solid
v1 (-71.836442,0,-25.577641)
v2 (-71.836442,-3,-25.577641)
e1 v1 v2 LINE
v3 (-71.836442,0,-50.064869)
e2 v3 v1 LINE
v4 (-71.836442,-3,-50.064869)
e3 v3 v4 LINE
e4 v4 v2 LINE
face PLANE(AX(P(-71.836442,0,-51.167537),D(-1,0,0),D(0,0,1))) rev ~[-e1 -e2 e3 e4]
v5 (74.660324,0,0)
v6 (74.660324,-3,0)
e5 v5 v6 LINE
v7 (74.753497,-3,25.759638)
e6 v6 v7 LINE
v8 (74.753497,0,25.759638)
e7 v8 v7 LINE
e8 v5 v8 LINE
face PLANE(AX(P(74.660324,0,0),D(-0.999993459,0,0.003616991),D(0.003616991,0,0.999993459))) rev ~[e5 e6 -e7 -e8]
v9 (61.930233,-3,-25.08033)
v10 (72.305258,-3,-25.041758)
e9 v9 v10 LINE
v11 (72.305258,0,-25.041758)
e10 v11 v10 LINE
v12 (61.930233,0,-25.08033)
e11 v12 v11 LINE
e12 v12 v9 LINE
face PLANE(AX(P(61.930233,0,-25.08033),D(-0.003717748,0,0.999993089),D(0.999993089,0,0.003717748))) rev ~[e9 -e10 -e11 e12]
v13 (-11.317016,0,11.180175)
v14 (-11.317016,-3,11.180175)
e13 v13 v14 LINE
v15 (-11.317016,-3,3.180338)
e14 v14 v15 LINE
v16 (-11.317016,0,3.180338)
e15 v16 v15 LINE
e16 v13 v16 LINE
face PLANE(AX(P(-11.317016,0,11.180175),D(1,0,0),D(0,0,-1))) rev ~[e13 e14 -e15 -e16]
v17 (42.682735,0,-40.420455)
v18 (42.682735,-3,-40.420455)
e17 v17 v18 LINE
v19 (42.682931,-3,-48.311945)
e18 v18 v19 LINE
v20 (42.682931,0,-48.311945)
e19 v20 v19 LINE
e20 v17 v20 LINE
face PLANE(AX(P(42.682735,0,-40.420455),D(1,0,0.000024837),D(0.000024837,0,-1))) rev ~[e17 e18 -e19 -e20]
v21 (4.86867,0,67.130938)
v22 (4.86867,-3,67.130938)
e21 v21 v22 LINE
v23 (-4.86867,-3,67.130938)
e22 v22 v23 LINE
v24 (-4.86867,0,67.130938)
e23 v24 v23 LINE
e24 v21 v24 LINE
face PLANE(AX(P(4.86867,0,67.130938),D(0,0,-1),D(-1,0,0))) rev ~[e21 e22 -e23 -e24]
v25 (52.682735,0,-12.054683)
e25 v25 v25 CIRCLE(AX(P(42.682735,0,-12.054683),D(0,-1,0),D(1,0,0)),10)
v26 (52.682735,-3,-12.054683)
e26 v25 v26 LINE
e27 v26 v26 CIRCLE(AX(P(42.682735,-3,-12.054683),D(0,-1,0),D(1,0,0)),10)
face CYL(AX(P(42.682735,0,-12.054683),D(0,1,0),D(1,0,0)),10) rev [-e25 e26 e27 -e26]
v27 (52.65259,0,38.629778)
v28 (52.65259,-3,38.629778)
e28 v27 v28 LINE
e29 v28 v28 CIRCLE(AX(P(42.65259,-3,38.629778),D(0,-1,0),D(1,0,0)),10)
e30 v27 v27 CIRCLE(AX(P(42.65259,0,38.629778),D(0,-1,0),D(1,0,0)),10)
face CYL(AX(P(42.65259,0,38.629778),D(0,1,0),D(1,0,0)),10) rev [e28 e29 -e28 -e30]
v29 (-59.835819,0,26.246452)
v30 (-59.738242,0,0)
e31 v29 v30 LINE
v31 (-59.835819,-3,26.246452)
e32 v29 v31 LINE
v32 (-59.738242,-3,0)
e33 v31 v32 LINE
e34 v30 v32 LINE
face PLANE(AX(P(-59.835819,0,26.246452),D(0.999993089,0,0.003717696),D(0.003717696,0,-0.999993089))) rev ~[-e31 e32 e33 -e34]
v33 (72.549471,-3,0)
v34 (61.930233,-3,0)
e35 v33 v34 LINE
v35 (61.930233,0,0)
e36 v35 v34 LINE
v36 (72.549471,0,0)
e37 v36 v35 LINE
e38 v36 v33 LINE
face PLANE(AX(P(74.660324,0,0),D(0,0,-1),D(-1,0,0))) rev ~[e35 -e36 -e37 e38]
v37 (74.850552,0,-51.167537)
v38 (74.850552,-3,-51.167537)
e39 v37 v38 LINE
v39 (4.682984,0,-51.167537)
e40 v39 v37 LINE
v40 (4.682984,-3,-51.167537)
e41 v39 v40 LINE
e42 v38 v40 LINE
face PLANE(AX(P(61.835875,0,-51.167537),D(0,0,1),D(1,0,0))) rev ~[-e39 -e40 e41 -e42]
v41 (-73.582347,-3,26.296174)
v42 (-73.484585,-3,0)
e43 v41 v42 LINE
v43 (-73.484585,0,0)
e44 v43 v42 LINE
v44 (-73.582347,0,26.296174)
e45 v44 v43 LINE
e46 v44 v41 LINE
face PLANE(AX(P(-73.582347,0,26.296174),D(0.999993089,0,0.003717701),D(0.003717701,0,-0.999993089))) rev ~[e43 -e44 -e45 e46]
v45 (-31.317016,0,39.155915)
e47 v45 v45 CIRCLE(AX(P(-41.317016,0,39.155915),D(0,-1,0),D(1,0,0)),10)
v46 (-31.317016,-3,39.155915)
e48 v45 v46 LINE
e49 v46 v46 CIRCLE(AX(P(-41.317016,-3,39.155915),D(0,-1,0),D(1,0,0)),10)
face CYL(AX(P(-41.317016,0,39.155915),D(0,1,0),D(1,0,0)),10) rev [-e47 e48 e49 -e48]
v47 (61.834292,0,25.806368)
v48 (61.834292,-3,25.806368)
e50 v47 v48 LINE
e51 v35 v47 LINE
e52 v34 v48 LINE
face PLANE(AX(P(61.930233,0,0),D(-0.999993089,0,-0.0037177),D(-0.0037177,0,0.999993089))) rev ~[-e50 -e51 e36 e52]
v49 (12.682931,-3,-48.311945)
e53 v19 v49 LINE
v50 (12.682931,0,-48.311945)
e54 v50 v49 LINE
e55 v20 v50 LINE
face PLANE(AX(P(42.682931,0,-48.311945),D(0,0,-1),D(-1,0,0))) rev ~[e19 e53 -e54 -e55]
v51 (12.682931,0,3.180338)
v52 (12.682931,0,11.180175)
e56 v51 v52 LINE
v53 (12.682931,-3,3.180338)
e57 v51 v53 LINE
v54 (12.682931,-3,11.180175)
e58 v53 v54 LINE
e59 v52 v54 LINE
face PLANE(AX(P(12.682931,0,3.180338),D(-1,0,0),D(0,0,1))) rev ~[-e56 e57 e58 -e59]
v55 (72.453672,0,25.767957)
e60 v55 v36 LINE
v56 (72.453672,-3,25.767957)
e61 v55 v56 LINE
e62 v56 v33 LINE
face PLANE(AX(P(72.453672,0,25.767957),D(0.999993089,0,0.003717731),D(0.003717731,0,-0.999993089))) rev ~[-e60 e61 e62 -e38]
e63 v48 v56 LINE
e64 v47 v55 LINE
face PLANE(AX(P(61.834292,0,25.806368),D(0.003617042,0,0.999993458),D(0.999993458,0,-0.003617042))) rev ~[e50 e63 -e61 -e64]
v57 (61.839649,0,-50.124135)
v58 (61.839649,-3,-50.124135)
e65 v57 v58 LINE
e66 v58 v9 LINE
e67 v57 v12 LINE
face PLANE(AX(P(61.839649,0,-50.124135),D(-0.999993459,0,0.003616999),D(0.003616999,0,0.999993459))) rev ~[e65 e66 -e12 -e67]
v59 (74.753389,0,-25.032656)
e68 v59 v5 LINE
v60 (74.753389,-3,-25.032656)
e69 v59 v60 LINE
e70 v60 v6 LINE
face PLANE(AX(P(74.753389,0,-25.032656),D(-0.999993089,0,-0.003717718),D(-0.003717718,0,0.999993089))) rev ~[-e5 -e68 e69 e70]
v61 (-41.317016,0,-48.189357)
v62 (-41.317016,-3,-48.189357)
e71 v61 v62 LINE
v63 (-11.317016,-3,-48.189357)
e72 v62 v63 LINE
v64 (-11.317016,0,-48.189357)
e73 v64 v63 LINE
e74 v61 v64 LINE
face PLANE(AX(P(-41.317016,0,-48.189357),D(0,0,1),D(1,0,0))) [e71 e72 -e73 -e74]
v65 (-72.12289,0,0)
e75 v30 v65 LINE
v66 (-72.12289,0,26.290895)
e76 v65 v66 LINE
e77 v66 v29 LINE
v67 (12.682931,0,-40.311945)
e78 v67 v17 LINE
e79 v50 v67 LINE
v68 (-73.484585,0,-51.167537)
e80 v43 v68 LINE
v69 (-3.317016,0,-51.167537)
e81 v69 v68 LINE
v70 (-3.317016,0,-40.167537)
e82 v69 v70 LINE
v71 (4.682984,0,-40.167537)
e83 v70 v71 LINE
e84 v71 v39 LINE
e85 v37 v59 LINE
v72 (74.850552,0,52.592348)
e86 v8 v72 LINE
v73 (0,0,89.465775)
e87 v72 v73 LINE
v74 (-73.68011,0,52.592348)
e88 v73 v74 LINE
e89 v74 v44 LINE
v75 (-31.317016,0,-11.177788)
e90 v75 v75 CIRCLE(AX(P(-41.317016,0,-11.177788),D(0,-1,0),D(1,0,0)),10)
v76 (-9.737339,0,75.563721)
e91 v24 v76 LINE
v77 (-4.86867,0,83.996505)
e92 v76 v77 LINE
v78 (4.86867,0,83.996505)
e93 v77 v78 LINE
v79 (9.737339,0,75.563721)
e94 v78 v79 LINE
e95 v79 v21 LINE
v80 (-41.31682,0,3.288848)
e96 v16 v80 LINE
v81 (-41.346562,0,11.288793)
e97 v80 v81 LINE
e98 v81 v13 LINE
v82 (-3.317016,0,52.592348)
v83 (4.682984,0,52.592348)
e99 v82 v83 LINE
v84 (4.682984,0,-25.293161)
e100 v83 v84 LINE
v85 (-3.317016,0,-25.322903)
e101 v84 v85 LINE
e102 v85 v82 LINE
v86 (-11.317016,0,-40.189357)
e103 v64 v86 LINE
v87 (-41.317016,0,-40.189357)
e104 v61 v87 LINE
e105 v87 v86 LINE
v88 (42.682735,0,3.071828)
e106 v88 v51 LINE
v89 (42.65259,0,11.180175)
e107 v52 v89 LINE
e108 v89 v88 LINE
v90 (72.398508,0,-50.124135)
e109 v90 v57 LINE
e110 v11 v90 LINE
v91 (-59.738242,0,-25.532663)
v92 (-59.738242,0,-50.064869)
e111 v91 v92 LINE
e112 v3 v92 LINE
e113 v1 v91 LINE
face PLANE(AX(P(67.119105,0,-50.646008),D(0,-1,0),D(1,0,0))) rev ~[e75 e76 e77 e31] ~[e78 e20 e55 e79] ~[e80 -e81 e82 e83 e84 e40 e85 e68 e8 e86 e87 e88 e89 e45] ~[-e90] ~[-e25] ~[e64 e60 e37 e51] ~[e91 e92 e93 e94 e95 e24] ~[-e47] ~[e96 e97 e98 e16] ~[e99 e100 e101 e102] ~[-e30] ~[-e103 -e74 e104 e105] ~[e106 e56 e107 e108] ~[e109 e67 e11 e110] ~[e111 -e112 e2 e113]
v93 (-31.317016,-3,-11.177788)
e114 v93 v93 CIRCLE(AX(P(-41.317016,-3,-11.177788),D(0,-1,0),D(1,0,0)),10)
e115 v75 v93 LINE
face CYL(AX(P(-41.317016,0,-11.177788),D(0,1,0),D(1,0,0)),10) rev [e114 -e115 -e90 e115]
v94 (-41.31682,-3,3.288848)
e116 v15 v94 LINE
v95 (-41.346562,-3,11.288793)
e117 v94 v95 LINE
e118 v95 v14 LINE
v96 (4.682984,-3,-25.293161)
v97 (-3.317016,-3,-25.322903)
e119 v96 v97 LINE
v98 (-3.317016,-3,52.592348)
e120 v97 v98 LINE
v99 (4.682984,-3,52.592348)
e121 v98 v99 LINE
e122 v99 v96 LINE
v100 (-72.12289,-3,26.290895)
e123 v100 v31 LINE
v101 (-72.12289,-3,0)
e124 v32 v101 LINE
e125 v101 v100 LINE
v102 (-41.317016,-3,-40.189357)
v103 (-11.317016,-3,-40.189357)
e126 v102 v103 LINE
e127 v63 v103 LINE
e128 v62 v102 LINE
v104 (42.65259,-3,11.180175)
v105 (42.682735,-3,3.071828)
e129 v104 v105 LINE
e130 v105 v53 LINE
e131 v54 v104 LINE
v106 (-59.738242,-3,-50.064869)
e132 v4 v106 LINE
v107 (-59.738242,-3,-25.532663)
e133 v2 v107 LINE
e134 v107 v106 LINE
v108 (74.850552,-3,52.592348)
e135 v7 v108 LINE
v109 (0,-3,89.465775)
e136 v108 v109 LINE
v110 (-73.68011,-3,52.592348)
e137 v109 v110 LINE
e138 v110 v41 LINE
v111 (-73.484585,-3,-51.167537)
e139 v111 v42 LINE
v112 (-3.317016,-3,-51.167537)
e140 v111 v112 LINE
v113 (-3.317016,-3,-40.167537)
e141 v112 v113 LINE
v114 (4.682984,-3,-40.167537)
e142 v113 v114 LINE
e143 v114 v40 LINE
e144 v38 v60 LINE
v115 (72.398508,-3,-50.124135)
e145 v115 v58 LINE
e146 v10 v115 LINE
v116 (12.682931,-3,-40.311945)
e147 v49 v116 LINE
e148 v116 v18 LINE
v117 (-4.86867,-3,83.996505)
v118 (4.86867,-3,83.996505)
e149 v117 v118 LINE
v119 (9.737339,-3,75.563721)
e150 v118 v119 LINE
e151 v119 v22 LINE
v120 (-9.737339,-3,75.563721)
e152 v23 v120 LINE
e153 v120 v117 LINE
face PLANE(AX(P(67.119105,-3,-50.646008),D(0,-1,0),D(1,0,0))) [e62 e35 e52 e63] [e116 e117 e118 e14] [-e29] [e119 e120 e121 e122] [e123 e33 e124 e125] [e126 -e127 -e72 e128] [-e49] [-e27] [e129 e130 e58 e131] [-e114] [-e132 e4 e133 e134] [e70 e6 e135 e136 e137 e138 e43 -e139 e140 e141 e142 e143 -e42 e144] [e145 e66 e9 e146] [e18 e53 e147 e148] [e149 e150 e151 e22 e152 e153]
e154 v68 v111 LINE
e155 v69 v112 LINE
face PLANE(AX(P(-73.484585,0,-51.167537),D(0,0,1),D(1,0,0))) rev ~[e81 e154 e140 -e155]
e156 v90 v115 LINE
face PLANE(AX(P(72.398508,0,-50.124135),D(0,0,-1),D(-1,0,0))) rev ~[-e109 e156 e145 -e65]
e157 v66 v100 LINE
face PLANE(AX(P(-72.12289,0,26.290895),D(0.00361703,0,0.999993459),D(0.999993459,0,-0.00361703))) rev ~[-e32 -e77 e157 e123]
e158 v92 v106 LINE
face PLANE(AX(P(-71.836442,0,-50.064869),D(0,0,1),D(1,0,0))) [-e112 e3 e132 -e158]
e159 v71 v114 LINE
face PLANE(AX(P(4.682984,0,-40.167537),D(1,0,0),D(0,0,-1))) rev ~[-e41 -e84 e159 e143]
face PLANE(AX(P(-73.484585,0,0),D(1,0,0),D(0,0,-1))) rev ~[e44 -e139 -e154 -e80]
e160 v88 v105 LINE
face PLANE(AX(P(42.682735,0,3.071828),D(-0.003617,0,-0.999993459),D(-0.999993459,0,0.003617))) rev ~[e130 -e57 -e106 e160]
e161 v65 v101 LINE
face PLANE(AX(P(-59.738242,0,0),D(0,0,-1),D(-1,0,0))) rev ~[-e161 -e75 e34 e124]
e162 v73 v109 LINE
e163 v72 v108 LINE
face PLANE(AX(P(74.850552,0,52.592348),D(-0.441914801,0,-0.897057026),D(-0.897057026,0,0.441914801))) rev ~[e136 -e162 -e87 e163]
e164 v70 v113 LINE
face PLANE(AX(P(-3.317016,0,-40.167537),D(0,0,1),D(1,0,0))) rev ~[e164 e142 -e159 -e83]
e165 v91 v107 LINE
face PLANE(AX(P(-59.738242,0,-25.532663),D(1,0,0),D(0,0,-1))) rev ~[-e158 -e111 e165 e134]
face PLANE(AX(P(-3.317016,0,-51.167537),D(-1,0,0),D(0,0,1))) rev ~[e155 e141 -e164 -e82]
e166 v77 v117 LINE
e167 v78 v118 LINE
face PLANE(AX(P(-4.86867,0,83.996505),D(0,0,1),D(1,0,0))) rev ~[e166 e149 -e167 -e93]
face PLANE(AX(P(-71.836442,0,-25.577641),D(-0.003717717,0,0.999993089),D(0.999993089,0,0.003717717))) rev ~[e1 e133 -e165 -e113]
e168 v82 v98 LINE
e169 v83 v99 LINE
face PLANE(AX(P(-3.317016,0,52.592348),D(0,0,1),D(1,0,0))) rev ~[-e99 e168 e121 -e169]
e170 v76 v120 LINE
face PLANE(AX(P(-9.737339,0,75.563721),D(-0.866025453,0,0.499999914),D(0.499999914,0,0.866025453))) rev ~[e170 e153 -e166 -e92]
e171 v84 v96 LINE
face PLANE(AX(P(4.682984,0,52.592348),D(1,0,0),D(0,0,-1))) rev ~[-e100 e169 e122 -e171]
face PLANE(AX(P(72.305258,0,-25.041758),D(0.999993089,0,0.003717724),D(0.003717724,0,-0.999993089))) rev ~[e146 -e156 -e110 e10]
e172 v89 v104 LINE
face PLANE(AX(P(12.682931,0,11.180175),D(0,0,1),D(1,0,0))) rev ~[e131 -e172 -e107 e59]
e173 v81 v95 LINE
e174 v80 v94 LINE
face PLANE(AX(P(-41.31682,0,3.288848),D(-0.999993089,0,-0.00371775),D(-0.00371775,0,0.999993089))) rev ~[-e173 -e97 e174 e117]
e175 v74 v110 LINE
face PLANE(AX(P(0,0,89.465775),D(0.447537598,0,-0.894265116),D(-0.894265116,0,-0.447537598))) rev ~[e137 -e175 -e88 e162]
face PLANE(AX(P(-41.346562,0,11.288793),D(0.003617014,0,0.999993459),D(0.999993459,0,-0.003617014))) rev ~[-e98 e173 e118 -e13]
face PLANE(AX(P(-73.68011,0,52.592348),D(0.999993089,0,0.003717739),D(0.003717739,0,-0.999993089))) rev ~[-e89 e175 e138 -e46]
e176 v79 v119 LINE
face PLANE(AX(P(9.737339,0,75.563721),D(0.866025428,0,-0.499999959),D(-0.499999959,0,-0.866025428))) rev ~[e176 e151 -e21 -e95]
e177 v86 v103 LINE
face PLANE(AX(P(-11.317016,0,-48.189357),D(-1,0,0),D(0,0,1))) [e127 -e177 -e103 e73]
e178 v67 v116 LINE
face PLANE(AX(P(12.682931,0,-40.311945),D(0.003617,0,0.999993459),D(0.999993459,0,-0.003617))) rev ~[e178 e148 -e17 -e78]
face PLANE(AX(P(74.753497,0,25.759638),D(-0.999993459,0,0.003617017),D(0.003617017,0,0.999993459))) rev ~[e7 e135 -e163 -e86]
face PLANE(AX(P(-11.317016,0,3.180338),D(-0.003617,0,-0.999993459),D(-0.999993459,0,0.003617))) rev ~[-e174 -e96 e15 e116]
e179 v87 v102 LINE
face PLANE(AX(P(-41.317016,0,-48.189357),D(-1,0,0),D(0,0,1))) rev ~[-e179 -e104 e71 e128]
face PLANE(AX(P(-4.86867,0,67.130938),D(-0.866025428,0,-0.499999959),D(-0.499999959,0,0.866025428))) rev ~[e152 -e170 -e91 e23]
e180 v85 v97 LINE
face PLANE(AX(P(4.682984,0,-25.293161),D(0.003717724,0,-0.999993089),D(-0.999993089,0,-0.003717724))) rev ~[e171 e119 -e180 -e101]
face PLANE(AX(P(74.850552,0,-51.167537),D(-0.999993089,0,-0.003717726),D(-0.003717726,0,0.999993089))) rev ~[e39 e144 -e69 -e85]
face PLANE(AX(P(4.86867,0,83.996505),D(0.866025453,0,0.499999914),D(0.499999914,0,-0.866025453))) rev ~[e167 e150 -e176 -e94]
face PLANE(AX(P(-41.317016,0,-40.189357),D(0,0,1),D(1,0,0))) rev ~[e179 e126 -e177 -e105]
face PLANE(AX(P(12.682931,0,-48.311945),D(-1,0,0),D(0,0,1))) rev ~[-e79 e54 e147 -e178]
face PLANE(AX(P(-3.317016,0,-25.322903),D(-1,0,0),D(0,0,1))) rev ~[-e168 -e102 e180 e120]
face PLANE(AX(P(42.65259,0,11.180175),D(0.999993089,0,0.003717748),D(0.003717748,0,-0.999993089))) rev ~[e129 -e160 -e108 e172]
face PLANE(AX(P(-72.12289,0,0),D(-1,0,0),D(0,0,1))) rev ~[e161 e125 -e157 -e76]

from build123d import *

# Parameters (mm, degrees)
F0_R     = 10
F0_W     = 30
F0_H     = 8
F1_DEPTH = 3
F2_DEPTH = 3
F0_W_2   = 12.0982
F0_H_2   = 1.102668
F3_DEPTH = 3


with BuildPart() as f1:
    # F0 (on Front) → F1 (new body)
    with BuildSketch(Plane.XZ):
        Polygon((0, 89.465775), (-73.68011, 52.592348), (-3.317016, 52.592348), (4.682984, 52.592348), (74.850552, 52.592348), align=None)
        Polygon((9.737339, 75.563721), (4.86867, 67.130938), (-4.86867, 67.130938), (-9.737339, 75.563721), (-4.86867, 83.996505), (4.86867, 83.996505), align=None, mode=Mode.SUBTRACT)
        Polygon((-73.68011, 52.592348), (-73.582347, 26.296174), (-72.12289, 26.290895), (-59.835819, 26.246452), (-3.317016, 26.042022), (-3.317016, 52.592348), align=None)
        with Locations((-41.317016, 39.155915)):
            Circle(F0_R, mode=Mode.SUBTRACT)
        Polygon((74.850552, 52.592348), (4.682984, 52.592348), (4.682984, 26.013086), (61.834292, 25.806368), (72.453672, 25.767957), (74.753497, 25.759638), align=None)
        with Locations((42.65259, 38.629778)):
            Circle(F0_R, mode=Mode.SUBTRACT)
        Polygon((4.682984, 26.013086), (4.682984, 0), (61.930233, 0), (61.834292, 25.806368), align=None)
        Polygon((42.682735, 3.071828), (12.682931, 3.180338), (12.682931, 11.180175), (42.65259, 11.180175), align=None, mode=Mode.SUBTRACT)
        Polygon((-59.835819, 26.246452), (-59.738242, 0), (-3.317016, 0), (-3.317016, 26.042022), align=None)
        Polygon((-11.317016, 11.180175), (-11.317016, 3.180338), (-41.31682, 3.288848), (-41.346562, 11.288793), align=None, mode=Mode.SUBTRACT)
        Polygon((-73.484585, 0), (-73.484585, -25.583768), (-71.836442, -25.577641), (-59.738242, -25.532663), (-3.317016, -25.322903), (-3.317016, 0), (-59.738242, 0), (-72.12289, 0), align=None)
        with Locations((-41.317016, -11.177788)):
            Circle(F0_R, mode=Mode.SUBTRACT)
        Polygon((4.682984, 0), (4.682984, -25.293161), (61.930233, -25.08033), (72.305258, -25.041758), (74.753389, -25.032656), (74.660324, 0), (72.549471, 0), (61.930233, 0), align=None)
        with Locations((42.682735, -12.054683)):
            Circle(F0_R, mode=Mode.SUBTRACT)
        Polygon((-59.738242, -50.064869), (-59.738242, -51.167537), (-3.317016, -51.167537), (-3.317016, -40.167537), (4.682984, -40.167537), (4.682984, -51.167537), (61.835875, -51.167537), (61.839649, -50.124135), (61.930233, -25.08033), (4.682984, -25.293161), (-3.317016, -25.322903), (-59.738242, -25.532663), align=None)
        with Locations((-26.317016, -44.189357)):
            Rectangle(F0_W, F0_H, mode=Mode.SUBTRACT)
        Polygon((12.682931, -48.311945), (12.682931, -40.311945), (42.682735, -40.420455), (42.682931, -48.311945), align=None, mode=Mode.SUBTRACT)
    extrude(amount=F1_DEPTH)

    # F0 (on Front) → F2 (join)
    with BuildSketch(Plane.XZ):
        Polygon((-73.582347, 26.296174), (-73.484585, 0), (-72.12289, 0), (-72.12289, 26.290895), align=None)
        Polygon((-73.484585, -25.583768), (-73.484585, -51.167537), (-71.836442, -51.167537), (-71.836442, -50.064869), (-71.836442, -25.577641), align=None)
        Polygon((74.660324, 0), (74.753497, 25.759638), (72.453672, 25.767957), (72.549471, 0), align=None)
        Polygon((72.398508, -50.124135), (72.402387, -51.167537), (74.850552, -51.167537), (74.753389, -25.032656), (72.305258, -25.041758), align=None)
    extrude(amount=F2_DEPTH)

    # F0 (on Front) → F3 (join)
    with BuildSketch(Plane.XZ):
        Polygon((61.839649, -50.124135), (61.835875, -51.167537), (72.402387, -51.167537), (72.398508, -50.124135), align=None)
        with Locations((-65.787342, -50.616203)):
            Rectangle(F0_W_2, F0_H_2)
    extrude(amount=F3_DEPTH)


solid = f1.part
